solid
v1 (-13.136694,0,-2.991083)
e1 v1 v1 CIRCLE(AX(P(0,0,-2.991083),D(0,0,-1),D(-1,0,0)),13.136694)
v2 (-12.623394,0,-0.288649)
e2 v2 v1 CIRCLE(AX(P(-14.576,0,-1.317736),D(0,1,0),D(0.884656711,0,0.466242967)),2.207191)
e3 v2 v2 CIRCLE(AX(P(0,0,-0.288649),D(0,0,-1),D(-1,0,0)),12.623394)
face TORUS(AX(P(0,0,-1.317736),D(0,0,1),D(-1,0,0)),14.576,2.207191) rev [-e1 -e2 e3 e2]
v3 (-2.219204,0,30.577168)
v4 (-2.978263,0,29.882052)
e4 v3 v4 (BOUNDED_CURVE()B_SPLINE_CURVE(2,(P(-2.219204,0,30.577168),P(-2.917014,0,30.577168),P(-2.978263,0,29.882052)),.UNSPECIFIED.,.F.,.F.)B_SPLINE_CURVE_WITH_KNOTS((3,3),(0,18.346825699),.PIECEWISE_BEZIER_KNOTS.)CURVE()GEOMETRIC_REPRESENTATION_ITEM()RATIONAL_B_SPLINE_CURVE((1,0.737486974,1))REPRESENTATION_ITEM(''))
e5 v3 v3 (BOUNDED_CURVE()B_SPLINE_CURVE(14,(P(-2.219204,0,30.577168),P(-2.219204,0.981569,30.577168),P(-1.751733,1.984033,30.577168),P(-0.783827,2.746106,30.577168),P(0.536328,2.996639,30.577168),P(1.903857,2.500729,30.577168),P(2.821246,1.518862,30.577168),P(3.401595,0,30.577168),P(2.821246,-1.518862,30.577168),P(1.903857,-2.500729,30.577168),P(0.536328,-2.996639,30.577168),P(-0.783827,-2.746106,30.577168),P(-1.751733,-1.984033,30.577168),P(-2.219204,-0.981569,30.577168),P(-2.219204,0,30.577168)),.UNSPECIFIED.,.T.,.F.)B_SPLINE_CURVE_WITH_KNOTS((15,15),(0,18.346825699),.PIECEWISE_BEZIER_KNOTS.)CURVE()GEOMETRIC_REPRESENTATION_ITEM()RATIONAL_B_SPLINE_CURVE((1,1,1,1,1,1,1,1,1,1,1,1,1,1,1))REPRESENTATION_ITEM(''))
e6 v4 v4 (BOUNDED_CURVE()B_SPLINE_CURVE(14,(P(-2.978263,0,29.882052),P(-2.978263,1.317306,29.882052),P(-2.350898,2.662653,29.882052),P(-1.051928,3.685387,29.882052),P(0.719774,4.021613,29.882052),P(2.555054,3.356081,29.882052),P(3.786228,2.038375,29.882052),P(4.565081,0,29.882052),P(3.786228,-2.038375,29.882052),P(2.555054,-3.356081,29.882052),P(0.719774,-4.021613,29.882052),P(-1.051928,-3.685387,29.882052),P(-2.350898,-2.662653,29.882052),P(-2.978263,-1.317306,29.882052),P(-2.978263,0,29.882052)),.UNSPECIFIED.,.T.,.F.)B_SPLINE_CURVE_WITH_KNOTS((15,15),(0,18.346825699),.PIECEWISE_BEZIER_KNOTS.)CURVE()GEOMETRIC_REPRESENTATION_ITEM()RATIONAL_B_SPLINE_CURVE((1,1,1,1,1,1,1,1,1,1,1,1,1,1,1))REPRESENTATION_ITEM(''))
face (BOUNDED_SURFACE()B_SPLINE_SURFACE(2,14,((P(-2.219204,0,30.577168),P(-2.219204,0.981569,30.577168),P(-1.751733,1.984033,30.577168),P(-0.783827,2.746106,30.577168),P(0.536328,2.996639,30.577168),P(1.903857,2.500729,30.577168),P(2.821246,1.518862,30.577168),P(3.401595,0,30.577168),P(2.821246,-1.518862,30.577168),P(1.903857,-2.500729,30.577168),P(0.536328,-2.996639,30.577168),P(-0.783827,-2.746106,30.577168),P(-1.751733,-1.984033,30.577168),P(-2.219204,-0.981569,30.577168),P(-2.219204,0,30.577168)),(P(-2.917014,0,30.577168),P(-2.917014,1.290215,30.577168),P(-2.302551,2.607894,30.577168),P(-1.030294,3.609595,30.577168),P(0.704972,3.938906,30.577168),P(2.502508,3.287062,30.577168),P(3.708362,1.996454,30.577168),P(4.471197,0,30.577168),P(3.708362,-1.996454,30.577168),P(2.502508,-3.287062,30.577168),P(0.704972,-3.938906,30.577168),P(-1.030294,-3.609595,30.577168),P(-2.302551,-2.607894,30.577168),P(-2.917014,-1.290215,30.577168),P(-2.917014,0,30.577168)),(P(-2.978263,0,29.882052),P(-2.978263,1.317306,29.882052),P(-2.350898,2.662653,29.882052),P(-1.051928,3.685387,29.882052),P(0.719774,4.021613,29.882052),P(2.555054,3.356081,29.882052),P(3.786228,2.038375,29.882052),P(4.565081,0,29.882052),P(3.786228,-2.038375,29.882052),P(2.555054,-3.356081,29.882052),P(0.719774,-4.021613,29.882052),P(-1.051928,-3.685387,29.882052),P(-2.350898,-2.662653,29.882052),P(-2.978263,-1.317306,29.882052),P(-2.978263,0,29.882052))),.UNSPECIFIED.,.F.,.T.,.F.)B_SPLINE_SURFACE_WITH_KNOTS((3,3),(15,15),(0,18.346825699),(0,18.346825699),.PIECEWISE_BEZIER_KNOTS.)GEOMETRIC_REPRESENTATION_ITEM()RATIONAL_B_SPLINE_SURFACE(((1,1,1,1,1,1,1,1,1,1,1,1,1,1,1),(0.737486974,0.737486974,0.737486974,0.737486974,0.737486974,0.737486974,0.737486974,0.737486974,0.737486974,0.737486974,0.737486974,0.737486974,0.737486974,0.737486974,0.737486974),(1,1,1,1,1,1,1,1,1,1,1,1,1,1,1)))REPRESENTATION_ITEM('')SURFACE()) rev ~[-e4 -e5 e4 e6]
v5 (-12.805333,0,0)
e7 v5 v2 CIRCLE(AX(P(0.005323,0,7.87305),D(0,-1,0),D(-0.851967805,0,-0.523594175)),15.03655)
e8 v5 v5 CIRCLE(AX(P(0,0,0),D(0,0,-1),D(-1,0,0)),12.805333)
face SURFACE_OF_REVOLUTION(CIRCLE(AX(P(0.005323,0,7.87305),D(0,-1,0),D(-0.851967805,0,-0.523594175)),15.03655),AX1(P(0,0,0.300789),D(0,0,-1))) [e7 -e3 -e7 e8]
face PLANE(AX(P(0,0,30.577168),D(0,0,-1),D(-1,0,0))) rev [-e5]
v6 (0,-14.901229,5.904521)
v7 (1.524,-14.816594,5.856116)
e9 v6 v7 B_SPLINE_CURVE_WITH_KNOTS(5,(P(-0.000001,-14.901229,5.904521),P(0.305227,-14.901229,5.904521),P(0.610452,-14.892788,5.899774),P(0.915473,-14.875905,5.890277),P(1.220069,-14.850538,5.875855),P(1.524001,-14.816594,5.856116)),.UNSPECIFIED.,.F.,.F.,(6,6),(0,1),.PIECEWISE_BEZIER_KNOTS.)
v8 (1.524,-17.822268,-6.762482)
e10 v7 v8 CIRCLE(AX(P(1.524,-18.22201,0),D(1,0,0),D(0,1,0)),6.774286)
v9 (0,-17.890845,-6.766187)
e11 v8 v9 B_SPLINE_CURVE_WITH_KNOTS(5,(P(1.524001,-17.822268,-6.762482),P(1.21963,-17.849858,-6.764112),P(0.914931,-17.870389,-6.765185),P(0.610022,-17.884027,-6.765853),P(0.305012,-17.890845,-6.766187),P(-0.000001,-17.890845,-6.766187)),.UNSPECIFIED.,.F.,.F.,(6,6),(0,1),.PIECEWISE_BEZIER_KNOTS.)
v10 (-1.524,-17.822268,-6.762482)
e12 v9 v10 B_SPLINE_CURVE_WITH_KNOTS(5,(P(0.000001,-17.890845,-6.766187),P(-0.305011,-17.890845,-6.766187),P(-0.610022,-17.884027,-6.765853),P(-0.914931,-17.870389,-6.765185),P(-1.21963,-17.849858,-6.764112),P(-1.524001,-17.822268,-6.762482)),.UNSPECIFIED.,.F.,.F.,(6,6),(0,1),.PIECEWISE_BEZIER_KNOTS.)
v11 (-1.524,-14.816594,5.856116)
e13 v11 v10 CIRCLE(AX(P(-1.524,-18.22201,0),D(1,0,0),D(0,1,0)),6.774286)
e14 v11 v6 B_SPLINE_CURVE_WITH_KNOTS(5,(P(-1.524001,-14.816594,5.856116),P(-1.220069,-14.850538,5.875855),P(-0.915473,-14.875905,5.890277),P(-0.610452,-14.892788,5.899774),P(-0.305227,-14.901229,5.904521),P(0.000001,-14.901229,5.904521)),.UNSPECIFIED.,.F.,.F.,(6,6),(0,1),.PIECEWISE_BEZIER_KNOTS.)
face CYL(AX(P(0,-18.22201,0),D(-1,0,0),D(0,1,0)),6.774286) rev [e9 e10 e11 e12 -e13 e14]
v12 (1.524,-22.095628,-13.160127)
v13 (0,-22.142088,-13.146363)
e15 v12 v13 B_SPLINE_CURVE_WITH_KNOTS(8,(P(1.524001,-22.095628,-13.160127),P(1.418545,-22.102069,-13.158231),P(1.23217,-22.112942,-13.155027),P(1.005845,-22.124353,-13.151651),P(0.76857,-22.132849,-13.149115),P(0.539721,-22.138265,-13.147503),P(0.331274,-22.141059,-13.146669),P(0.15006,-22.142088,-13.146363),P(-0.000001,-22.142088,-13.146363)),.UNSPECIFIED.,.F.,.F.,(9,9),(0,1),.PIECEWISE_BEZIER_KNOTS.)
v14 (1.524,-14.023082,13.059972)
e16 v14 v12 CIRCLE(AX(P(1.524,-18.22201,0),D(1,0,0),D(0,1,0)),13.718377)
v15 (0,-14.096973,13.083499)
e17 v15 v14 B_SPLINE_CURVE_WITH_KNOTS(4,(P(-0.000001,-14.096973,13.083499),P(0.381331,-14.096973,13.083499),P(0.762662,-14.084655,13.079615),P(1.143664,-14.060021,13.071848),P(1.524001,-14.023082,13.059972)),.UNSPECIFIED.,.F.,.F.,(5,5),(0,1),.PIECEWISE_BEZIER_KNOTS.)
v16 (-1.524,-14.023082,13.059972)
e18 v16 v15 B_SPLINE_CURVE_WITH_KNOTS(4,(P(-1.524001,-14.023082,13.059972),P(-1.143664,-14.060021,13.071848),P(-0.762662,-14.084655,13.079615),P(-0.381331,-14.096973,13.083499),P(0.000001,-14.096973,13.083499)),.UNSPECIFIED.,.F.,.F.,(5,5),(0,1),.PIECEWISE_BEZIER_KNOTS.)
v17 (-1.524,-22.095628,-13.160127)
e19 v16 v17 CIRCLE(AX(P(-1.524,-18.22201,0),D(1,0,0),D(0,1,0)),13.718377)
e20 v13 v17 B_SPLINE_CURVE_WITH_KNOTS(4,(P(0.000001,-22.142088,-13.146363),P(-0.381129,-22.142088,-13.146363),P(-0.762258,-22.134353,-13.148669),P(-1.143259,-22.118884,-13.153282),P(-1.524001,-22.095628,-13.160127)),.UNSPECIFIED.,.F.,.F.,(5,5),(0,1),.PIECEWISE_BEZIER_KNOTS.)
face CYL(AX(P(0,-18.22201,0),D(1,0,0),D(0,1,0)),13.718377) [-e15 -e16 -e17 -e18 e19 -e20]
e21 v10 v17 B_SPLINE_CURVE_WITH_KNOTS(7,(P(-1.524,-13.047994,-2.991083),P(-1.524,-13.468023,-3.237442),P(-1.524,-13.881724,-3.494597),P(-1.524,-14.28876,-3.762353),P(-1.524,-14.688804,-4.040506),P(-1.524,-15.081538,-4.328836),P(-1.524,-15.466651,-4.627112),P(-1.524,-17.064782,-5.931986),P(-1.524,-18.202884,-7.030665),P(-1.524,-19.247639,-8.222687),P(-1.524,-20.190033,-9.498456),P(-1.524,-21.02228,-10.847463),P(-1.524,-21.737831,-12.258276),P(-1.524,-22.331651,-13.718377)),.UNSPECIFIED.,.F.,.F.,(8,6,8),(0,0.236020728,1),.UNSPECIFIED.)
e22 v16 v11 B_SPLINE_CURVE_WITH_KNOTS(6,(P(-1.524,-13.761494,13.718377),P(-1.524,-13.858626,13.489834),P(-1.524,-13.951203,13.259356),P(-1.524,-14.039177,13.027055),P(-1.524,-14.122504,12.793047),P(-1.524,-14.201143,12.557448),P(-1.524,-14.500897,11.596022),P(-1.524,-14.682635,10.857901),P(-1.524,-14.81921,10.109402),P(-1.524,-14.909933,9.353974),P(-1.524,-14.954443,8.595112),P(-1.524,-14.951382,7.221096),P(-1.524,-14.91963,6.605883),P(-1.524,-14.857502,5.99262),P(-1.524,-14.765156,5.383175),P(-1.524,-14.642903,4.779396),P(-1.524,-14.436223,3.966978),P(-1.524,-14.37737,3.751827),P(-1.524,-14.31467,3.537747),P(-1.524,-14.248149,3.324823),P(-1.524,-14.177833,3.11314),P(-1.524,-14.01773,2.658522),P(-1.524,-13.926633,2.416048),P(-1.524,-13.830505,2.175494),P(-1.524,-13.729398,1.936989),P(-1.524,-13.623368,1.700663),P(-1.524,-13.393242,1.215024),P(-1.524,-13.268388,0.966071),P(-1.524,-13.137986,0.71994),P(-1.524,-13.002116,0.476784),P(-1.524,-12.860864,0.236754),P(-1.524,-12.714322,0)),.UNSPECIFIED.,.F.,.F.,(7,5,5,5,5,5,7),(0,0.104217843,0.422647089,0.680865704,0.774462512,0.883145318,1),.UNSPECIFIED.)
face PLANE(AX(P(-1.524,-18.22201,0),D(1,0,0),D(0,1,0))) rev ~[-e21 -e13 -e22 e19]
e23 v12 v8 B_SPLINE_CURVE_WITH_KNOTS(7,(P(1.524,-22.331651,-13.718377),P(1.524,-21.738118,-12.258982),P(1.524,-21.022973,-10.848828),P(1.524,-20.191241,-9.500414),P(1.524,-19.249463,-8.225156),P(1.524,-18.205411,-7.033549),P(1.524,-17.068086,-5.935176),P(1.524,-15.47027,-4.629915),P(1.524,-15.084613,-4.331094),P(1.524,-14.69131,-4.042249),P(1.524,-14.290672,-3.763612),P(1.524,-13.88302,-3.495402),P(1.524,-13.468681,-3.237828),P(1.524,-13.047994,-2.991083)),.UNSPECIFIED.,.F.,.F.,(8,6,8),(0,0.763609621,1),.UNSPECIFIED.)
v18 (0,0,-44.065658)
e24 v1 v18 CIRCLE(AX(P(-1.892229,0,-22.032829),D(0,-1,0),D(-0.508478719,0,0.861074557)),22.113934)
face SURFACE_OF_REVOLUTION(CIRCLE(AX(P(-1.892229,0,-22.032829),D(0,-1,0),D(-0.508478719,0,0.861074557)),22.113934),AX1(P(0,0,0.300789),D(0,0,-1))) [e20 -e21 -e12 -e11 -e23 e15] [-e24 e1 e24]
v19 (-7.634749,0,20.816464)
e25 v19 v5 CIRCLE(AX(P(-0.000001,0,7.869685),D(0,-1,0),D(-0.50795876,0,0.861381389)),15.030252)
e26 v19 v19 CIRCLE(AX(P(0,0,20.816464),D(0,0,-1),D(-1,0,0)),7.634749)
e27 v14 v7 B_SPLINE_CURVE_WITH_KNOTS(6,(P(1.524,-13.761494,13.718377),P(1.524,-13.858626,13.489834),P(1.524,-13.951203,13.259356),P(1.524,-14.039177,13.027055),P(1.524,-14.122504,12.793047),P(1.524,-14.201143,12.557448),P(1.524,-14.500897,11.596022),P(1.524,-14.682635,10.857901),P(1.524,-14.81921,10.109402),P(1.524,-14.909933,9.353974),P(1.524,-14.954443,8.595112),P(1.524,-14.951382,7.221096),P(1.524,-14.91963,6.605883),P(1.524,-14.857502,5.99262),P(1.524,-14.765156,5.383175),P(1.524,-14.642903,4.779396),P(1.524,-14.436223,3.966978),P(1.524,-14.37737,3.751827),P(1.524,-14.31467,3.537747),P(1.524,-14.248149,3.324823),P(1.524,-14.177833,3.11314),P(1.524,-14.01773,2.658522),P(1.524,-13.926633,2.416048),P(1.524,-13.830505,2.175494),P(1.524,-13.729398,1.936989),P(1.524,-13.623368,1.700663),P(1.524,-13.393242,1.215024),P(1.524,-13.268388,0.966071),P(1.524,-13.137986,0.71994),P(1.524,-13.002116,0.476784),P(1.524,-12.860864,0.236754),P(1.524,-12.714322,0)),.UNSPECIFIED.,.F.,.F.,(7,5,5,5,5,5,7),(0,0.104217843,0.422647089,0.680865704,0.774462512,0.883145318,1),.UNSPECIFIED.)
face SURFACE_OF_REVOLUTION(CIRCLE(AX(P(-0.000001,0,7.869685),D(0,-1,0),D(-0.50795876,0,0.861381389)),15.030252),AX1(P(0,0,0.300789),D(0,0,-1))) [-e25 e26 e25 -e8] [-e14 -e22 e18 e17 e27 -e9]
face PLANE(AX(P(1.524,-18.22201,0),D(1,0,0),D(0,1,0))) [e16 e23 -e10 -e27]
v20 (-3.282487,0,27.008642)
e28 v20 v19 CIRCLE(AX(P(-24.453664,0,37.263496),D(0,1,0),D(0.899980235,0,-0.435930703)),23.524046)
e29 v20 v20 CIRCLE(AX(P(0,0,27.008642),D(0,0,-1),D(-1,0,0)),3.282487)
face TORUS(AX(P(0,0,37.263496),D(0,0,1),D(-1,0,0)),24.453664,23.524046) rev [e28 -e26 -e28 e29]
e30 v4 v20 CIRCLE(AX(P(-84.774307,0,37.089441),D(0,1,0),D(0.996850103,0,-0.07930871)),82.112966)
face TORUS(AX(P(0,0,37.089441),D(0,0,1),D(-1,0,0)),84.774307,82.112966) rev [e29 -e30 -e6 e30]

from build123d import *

# Parameters (mm, degrees)
F2_R          = 0.762
F3_R          = 13.718377
F3_R_2        = 6.774286
F4_DEPTH      = 1.524
F4_DEPTH_BACK = 1.524


with BuildPart() as f1:
    # F0 (on Front) → F1 (revolve)
    with BuildSketch(Plane.XZ):
        with BuildLine():
            Line((0, 22.899937), (0, 30.577168))
            Line((0, 30.577168), (-2.919988, 30.577168))
            ThreePointArc((-2.919988, 30.577168), (-3.08175, 28.790925), (-3.282487, 27.008642))
            ThreePointArc((-3.282487, 27.008642), (-5.207949, 23.736367), (-7.634749, 20.816464))
            ThreePointArc((-7.634749, 20.816464), (-3.956964, 22.369717), (0, 22.899937))
        make_face()
        with BuildLine():
            Line((0, 0), (0, 22.899937))
            ThreePointArc((0, 22.899937), (-3.956964, 22.369717), (-7.634749, 20.816464))
            ThreePointArc((-7.634749, 20.816464), (-14.586999, 11.492937), (-12.805333, 0))
            ThreePointArc((-12.805333, 0), (-12.708777, -0.140804), (-12.623394, -0.288649))
            ThreePointArc((-12.623394, -0.288649), (-11.999693, -1.181052), (-11.313028, -2.025964))
            ThreePointArc((-11.313028, -2.025964), (-5.790431, -0.26519), (0, 0))
        make_face()
        with BuildLine():
            Line((0, -7.160567), (0, 0))
            ThreePointArc((0, 0), (-5.790431, -0.26519), (-11.313028, -2.025964))
            ThreePointArc((-11.313028, -2.025964), (-6.211859, -5.816852), (0, -7.160567))
        make_face()
        with BuildLine():
            Line((0, -44.065658), (0, -7.160567))
            ThreePointArc((0, -7.160567), (-6.211859, -5.816852), (-11.313028, -2.025964))
            ThreePointArc((-11.313028, -2.025964), (-12.236123, -2.487243), (-13.136694, -2.991083))
            ThreePointArc((-13.136694, -2.991083), (-22.955141, -28.769284), (0, -44.065658))
        make_face()
        with BuildLine():
            ThreePointArc((-13.136694, -2.991083), (-12.236123, -2.487243), (-11.313028, -2.025964))
            ThreePointArc((-11.313028, -2.025964), (-11.999693, -1.181052), (-12.623394, -0.288649))
            ThreePointArc((-12.623394, -0.288649), (-12.407578, -1.729606), (-13.136694, -2.991083))
        make_face()
        with BuildLine():
            ThreePointArc((-12.623394, -0.288649), (-12.708777, -0.140804), (-12.805333, 0))
            ThreePointArc((-12.805333, 0), (-12.715182, -0.144841), (-12.623394, -0.288649))
        make_face()
    revolve(axis=Axis((0, 0, 0.300789), (0, 0, -1)))

    # F2
    f2_edges = [f1.edges().sort_by_distance(p)[0] for p in [
        (2.919988, 0, 30.577168),
    ]]
    fillet(f2_edges, radius=F2_R)

    # F3 (on Right) → F4 (join, two sides)
    with BuildSketch(Plane.YZ) as f4_sk:
        with Locations((-18.22201, 0)):
            Circle(F3_R)
        with Locations((-18.22201, 0)):
            Circle(F3_R_2, mode=Mode.SUBTRACT)
    extrude(amount=F4_DEPTH)
    extrude(f4_sk.sketch, amount=-F4_DEPTH_BACK)


solid = f1.part
